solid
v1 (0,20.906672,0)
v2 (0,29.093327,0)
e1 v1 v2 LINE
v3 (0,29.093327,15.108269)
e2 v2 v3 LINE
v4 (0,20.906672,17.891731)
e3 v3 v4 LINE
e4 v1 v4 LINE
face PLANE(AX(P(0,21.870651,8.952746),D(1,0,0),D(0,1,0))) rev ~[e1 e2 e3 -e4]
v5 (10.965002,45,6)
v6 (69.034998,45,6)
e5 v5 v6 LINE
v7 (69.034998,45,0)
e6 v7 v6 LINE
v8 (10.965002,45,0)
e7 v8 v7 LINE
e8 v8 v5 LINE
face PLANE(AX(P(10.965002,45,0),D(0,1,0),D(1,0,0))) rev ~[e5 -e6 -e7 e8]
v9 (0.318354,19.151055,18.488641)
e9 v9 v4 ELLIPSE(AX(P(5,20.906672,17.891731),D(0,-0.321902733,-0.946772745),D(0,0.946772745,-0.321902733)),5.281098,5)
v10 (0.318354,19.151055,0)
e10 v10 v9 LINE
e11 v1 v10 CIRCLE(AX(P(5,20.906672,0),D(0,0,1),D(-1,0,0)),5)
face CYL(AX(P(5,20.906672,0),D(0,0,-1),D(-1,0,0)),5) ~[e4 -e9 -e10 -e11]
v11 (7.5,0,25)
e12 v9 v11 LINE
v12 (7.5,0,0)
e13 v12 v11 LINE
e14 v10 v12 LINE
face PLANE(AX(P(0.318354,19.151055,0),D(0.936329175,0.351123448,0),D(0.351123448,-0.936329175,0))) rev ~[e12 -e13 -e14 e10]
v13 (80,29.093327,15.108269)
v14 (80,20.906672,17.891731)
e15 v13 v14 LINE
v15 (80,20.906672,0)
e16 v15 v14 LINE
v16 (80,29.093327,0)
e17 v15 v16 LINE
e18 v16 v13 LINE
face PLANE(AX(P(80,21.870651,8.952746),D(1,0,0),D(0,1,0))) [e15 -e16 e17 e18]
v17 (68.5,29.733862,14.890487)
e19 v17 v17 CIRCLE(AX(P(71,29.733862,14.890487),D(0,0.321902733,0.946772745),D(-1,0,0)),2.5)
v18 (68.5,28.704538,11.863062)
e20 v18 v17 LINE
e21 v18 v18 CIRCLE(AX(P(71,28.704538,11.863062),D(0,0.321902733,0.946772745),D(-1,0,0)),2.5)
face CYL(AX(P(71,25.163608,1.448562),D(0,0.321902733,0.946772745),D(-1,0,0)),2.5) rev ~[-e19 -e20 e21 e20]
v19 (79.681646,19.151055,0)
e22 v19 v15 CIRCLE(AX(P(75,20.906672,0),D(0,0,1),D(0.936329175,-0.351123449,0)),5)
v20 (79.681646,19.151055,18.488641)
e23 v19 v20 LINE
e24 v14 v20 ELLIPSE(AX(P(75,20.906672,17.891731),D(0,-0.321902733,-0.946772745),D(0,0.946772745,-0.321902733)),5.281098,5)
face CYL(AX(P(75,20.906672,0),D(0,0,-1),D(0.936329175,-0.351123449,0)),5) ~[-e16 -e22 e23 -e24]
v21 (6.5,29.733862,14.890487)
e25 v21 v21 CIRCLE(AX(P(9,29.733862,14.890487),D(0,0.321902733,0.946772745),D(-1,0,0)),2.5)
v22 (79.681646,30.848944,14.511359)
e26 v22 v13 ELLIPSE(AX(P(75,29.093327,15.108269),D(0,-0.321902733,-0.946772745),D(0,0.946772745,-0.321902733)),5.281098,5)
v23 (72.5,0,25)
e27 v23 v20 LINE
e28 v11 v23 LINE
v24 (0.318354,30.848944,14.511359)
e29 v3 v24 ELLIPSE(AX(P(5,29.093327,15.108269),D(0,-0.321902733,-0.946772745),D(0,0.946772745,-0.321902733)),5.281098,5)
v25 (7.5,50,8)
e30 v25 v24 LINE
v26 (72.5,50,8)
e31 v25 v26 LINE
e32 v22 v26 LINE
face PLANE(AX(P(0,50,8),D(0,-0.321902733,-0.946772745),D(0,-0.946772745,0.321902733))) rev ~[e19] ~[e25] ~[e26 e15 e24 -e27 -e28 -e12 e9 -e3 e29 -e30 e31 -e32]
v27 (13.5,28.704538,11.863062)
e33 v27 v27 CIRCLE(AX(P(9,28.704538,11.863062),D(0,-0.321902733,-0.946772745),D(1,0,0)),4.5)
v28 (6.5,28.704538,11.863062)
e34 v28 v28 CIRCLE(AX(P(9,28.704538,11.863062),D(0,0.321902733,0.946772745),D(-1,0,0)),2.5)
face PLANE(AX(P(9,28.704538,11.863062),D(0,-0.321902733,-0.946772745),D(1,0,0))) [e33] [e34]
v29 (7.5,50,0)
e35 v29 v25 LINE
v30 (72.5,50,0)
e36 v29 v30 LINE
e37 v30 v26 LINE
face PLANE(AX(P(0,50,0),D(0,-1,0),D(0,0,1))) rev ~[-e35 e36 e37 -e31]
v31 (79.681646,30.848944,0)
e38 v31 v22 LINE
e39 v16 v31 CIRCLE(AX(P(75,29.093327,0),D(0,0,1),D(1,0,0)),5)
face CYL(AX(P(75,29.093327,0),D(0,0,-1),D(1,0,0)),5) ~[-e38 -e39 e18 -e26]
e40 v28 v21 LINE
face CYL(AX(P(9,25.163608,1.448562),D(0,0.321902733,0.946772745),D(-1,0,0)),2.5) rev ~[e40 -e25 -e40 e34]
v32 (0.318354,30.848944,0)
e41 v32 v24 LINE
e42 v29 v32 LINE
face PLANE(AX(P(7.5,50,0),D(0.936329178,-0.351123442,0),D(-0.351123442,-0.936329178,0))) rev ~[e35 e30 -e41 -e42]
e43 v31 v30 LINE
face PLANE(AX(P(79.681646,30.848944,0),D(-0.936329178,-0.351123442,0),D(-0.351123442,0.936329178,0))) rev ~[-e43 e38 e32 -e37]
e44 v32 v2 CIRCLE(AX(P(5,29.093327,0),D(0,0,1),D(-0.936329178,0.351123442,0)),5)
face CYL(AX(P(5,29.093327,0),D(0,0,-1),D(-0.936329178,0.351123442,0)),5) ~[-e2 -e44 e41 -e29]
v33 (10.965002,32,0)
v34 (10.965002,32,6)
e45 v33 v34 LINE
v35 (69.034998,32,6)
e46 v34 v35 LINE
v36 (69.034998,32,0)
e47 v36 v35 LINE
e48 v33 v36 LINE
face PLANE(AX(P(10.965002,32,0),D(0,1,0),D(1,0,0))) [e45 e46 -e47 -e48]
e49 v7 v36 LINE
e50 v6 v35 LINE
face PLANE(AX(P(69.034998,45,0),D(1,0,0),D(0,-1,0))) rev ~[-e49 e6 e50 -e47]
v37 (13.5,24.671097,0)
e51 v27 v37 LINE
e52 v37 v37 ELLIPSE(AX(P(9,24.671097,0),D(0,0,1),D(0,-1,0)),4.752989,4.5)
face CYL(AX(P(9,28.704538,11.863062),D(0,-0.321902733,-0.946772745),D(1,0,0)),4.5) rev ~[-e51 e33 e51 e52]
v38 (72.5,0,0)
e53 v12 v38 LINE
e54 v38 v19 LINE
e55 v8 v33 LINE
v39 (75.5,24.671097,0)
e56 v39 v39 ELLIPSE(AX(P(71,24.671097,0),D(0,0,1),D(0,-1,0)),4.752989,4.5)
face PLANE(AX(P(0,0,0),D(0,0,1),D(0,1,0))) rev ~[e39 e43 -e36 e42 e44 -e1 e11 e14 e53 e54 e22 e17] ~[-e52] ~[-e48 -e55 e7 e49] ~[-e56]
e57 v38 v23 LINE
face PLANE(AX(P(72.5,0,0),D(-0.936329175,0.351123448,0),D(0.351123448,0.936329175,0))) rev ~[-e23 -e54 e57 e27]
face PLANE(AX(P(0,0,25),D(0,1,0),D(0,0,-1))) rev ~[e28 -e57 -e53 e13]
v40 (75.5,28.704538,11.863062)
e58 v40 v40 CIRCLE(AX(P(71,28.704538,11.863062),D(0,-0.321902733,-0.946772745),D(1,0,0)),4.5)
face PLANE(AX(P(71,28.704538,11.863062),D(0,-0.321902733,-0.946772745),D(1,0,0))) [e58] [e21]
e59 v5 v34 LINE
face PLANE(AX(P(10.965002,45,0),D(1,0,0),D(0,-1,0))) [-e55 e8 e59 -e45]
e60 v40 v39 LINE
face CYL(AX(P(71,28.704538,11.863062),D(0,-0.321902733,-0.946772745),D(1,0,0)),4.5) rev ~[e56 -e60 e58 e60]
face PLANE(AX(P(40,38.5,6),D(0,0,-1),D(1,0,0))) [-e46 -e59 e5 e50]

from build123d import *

# Parameters (mm, degrees)
F1_DEPTH       = 80
F3_DEPTH       = 25
F6_D           = 5
F6_START       = 3.8023749
F6_CBORE_D     = 9
F6_CBORE_DEPTH = 11
F7_W           = 58.0699953184
F7_H           = 13
F8_DEPTH       = 6


with BuildPart() as f1:
    # F0 (on Right) → F1 (new body)
    with BuildSketch(Plane.YZ):
        Polygon((0, 25), (0, 0), (50, 0), (50, 8), align=None)
    extrude(amount=F1_DEPTH)

    # F2 (on face) → F3 (cut)
    with BuildSketch(Plane(origin=(0, 0, 0), x_dir=(1, 0, 0), z_dir=(0, 0, -1))):
        with BuildLine():
            Line((0.3183541251, -19.1510552385), (7.5, 0))
            Line((7.5, 0), (0, 0))
            Line((0, 0), (0, -20.9066724808))
            ThreePointArc((0, -20.9066724808), (0.0802322527, -20.0145484353), (0.3183541251, -19.1510552385))
        make_face()
        with BuildLine():
            ThreePointArc((0.3183541122, -30.8489442991), (0.0802322494, -29.9854511186), (0, -29.0933270912))
            Line((0, -29.0933270912), (0, -50))
            Line((0, -50), (7.5, -50))
            Line((7.5, -50), (0.3183541122, -30.8489442991))
        make_face()
        with BuildLine():
            Line((80, -50), (80, -29.0933270912))
            ThreePointArc((80, -29.0933270912), (79.9197677506, -29.9854511186), (79.6816458878, -30.8489442991))
            Line((79.6816458878, -30.8489442991), (72.5, -50))
            Line((72.5, -50), (80, -50))
        make_face()
        with BuildLine():
            Line((80, 0), (72.5, 0))
            Line((72.5, 0), (79.6816458749, -19.1510552385))
            ThreePointArc((79.6816458749, -19.1510552385), (79.9197677473, -20.0145484353), (80, -20.9066724808))
            Line((80, -20.9066724808), (80, 0))
        make_face()
    extrude(amount=-F3_DEPTH, mode=Mode.SUBTRACT)

    # F6 (through all)
    # its depths count from where the whole tool has entered the part; down to there all is cleared
    with Locations(Plane(origin=(0, 1.8249691595, 5.3675563516), x_dir=(1, 0, 0), z_dir=(0, -0.3219027332, -0.9467727448)).offset(-F6_START)):
        with Locations((71, -23.3579222113), (9, -23.3579222113)):
            CounterBoreHole(F6_D / 2, F6_CBORE_D / 2, F6_CBORE_DEPTH)

    # F7 (on face) → F8 (cut)
    with BuildSketch(Plane(origin=(0, 0, 0), x_dir=(1, 0, 0), z_dir=(0, 0, -1))):
        with Locations((40, -38.5)):
            Rectangle(F7_W, F7_H)
    extrude(amount=-F8_DEPTH, mode=Mode.SUBTRACT)


solid = f1.part
